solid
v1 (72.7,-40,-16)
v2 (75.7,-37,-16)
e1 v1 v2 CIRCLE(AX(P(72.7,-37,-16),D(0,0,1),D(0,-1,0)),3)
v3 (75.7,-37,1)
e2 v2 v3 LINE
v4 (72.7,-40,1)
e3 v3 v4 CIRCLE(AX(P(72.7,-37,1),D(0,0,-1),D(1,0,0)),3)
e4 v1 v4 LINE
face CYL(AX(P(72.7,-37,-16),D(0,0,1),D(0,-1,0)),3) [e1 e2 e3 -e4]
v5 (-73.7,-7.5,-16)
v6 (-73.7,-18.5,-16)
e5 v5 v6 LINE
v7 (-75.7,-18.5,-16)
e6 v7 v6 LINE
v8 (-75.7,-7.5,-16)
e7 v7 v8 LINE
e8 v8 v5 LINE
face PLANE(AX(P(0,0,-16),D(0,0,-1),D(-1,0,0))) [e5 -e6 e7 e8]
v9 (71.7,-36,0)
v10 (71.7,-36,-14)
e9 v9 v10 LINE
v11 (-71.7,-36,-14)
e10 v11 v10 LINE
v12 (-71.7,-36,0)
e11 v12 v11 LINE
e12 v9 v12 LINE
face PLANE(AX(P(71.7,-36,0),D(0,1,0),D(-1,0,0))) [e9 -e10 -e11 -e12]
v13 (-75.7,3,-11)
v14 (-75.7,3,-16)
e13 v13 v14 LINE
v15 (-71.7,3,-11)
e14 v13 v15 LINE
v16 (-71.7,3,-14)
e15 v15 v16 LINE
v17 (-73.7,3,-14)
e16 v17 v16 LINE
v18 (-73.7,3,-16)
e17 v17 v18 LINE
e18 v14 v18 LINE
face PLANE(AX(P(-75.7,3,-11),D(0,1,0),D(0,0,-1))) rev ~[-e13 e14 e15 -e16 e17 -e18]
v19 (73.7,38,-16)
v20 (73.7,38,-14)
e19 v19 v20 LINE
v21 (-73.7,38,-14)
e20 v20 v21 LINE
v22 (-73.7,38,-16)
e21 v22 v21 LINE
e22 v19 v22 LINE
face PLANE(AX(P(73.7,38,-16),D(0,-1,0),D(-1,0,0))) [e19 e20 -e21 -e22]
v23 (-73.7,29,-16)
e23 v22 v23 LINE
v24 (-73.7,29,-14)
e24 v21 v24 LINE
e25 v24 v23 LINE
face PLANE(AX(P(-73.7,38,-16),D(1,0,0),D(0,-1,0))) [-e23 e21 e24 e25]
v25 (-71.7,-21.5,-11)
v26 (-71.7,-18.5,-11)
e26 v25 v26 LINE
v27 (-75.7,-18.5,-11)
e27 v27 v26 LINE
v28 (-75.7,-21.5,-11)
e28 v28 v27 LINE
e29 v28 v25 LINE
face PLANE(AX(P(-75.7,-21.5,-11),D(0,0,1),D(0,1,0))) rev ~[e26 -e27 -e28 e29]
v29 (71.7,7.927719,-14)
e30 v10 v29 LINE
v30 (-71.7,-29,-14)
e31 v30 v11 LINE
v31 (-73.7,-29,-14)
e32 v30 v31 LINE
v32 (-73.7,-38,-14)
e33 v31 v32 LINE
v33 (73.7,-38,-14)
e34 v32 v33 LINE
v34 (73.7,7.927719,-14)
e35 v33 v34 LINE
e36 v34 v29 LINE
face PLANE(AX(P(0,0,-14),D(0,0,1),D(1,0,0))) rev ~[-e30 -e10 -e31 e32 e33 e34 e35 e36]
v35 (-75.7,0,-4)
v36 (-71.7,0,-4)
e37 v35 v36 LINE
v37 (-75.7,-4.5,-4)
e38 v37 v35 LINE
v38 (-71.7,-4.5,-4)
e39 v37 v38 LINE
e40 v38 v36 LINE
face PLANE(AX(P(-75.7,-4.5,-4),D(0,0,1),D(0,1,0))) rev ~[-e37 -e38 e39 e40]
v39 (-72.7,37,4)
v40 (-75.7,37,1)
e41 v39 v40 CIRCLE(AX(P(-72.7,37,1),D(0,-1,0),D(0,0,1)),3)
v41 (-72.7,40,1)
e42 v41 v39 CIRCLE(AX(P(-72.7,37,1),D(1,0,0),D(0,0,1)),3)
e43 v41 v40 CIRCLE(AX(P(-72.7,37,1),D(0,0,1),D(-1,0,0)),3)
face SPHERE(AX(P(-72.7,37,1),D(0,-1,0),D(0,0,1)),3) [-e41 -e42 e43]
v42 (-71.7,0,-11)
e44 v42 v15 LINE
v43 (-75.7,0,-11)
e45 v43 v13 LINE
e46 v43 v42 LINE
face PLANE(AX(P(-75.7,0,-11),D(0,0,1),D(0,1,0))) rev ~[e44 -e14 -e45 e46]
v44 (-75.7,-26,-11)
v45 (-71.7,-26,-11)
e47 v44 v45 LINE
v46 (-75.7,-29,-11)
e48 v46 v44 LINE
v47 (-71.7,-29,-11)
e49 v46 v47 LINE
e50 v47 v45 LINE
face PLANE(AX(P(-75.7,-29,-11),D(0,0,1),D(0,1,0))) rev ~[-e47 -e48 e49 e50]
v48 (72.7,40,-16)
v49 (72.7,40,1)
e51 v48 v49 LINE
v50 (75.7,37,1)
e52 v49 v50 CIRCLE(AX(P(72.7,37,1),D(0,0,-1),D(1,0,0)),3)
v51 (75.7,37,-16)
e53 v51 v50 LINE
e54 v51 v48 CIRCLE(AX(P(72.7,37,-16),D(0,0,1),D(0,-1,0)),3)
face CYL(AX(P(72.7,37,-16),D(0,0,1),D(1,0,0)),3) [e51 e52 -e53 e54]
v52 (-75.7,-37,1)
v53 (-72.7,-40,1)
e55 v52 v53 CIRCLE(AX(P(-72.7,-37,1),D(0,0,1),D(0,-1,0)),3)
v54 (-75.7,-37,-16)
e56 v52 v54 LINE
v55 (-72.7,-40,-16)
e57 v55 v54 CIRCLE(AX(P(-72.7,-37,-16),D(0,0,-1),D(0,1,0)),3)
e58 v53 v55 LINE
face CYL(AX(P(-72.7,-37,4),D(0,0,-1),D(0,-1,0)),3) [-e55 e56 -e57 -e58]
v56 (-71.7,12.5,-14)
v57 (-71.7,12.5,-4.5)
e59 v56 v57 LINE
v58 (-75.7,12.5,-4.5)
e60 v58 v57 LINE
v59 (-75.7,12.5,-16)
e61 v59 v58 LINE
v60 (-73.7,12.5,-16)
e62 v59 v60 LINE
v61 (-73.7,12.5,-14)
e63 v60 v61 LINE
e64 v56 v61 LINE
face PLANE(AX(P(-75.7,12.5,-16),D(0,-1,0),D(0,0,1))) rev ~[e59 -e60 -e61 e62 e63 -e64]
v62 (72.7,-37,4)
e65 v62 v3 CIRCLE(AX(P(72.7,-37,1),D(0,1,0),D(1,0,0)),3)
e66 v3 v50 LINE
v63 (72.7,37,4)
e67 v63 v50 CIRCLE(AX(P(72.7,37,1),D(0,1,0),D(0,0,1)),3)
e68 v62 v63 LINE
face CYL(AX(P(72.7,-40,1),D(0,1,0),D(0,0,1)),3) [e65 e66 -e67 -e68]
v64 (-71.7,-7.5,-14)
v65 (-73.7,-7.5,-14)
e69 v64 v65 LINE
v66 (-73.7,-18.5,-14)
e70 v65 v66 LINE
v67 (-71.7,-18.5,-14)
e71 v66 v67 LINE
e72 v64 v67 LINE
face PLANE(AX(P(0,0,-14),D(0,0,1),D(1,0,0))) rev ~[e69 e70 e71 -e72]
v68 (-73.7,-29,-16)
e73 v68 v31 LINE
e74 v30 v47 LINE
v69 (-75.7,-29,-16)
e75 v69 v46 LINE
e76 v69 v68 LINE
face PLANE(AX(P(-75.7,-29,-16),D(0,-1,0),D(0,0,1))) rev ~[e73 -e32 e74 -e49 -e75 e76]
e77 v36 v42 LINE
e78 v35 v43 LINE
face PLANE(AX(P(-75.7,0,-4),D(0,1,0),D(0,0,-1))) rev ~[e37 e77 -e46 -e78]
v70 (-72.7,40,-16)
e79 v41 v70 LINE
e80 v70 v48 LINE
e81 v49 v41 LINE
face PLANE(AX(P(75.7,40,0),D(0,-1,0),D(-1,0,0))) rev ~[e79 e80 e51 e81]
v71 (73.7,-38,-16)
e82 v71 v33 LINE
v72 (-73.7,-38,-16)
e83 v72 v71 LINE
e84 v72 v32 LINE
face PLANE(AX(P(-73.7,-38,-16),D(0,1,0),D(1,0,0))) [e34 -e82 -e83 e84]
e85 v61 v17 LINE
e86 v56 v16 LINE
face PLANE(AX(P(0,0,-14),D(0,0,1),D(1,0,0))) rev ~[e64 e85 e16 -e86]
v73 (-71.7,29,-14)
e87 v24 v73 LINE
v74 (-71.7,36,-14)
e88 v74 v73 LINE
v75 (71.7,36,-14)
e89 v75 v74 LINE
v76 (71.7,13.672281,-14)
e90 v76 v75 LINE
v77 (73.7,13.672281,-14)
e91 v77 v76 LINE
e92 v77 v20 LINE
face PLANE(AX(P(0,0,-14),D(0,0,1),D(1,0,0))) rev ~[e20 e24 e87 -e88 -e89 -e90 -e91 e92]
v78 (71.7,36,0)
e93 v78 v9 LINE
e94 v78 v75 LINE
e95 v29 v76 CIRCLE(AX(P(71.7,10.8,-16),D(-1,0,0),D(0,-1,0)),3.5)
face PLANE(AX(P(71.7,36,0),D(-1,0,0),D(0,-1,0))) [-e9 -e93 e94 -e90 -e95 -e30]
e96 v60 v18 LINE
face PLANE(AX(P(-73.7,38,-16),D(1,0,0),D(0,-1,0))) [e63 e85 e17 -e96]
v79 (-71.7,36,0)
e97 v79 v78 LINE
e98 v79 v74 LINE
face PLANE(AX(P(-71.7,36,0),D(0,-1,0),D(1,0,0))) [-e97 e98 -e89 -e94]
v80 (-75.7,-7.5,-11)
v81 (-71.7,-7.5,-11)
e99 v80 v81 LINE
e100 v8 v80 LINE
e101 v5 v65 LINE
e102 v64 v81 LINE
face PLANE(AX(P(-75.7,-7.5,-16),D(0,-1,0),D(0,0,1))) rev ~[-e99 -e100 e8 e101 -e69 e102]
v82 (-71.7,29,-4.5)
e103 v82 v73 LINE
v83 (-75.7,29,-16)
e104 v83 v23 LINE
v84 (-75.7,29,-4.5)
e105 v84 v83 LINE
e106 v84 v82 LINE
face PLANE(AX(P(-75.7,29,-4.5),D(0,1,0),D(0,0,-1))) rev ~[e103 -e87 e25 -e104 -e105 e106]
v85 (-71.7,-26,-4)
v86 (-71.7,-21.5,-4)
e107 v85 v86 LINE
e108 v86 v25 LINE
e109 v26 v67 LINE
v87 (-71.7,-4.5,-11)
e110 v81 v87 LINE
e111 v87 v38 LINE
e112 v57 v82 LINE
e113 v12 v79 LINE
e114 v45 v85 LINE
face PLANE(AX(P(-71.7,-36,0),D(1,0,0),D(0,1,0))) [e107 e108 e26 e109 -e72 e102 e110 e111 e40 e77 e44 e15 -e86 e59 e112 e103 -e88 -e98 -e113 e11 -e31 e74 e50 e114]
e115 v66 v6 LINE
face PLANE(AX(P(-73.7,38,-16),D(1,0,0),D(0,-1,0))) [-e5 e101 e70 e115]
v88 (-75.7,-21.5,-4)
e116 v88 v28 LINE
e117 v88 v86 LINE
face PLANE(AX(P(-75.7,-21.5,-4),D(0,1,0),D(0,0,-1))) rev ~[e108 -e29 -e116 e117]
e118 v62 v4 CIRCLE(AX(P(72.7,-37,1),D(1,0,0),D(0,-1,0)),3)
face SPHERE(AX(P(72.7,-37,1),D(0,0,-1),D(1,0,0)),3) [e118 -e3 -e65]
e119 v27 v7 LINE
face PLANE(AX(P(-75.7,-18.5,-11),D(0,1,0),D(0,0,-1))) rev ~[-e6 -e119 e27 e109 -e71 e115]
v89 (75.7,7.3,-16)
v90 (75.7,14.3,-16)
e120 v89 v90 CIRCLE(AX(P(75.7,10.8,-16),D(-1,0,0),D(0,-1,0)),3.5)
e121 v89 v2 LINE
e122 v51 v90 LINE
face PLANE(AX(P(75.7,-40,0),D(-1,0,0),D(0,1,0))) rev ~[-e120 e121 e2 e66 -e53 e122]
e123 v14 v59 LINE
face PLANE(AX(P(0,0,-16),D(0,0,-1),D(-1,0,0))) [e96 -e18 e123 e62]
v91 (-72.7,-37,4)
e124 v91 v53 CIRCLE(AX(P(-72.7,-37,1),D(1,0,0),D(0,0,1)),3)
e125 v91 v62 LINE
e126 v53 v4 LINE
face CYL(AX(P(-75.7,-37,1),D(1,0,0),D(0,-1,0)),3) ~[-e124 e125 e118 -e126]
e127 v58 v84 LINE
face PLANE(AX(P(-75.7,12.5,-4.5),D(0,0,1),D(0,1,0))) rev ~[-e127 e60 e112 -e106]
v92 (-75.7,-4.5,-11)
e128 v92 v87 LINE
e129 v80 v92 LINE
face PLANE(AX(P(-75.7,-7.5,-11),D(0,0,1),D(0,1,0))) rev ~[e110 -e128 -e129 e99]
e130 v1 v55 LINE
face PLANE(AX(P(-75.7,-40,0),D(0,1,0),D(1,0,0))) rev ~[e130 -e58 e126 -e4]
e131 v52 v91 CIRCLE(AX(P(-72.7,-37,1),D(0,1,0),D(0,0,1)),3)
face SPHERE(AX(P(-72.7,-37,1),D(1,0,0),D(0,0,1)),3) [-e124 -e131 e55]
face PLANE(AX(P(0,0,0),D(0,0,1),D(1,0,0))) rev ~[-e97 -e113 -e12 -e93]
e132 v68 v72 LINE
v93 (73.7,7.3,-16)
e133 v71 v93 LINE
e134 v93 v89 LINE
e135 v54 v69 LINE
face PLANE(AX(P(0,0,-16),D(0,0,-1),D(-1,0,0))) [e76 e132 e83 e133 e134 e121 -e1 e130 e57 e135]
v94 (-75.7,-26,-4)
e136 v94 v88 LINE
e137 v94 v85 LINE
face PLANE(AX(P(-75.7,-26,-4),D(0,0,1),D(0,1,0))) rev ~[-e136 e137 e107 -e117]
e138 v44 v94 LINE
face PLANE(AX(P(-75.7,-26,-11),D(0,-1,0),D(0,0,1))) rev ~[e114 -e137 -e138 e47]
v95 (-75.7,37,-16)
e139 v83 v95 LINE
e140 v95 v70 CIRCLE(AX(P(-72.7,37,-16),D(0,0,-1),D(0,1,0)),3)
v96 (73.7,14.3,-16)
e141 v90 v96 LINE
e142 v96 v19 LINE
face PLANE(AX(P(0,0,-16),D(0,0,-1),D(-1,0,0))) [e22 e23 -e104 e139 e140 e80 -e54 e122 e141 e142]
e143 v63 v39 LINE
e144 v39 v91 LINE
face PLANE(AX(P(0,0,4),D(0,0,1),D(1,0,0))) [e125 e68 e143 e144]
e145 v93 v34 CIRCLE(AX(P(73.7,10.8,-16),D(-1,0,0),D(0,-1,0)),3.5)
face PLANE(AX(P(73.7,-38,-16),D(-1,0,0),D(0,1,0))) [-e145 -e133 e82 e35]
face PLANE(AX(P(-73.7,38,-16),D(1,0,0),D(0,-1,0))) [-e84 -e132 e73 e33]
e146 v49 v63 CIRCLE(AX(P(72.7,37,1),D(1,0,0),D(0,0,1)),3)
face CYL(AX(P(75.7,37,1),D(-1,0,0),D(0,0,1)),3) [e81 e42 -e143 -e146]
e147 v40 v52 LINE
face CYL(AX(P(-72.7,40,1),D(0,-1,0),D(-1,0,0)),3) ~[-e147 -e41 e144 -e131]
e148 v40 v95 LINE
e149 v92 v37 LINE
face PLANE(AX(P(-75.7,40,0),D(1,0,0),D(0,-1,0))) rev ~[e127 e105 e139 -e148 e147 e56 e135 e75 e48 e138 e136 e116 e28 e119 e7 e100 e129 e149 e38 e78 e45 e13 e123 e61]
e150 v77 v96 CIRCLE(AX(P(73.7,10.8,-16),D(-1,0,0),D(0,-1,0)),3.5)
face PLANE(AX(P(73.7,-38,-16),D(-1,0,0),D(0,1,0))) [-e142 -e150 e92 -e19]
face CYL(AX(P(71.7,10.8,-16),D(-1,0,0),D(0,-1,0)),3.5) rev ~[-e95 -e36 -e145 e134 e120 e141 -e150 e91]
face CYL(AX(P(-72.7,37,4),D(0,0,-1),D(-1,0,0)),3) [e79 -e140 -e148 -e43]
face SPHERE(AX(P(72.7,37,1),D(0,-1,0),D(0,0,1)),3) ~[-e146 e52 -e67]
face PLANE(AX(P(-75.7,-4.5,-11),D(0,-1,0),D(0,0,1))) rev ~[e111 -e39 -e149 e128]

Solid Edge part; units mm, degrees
sketch "Sketch1" plane through (0, 0, 0) normal (0, 0, 1) x (1, 0, 0)
  line L0 (-75.7, -40) -> (75.7, -40)
  line L1 (75.7, -40) -> (75.7, 40)
  line L2 (75.7, 40) -> (-75.7, 40)
  line L3 (-75.7, 40) -> (-75.7, -40)
extrude "Protrusion1" add sketch "Sketch1" along normal blind 4
sketch "Sketch2" plane through (0, 0, 0) normal (0, 0, -1) x (1, 0, 0)
  line L0 (-75.7, -40) -> (75.7, -40)
  line L1 (75.7, -40) -> (75.7, 40)
  line L2 (75.7, 40) -> (-75.7, 40)
  line L3 (-75.7, 40) -> (-75.7, -40)
  line L4 (71.7, 36) -> (-71.7, 36)
  line L5 (-71.7, 36) -> (-71.7, -36)
  line L6 (-71.7, -36) -> (71.7, -36)
  line L7 (71.7, -36) -> (71.7, 36)
extrude "Protrusion2" add sketch "Sketch2" along normal blind 16
sketch "Sketch3" plane through (-75.7, 0, -6) normal (-1, 0, 0) x (0, -1, 0)
  line L0 (-3, -10) -> (7.5, -10)
  line L1 (7.5, -10) -> (7.5, -5)
  line L2 (7.5, -5) -> (4.5, -5)
  line L3 (4.5, -5) -> (4.5, 2)
  line L4 (4.5, 2) -> (0, 2)
  line L5 (0, 2) -> (0, -5)
  line L6 (0, -5) -> (-3, -5)
  line L7 (-3, -5) -> (-3, -10)
  line L8 (18.5, -10) -> (29, -10)
  line L9 (29, -10) -> (29, -5)
  line L10 (29, -5) -> (26, -5)
  line L11 (26, -5) -> (26, 2)
  line L12 (26, 2) -> (21.5, 2)
  line L13 (21.5, 2) -> (21.5, -5)
  line L14 (21.5, -5) -> (18.5, -5)
  line L15 (18.5, -5) -> (18.5, -10)
  line L16 (-29, -10) -> (-12.5, -10)
  line L17 (-12.5, -10) -> (-12.5, 1.5)
  line L18 (-12.5, 1.5) -> (-29, 1.5)
  line L19 (-29, 1.5) -> (-29, -10)
  dimension "D1" = 16.5
  dimension "D2" = 3
  dimension "D3" = 3
  dimension "D4" = 5
  dimension "D5" = 11.5
  dimension "D6" = 7
  dimension "D7" = 7
  dimension "D8" = 4.5
  dimension "D9" = 4.5
  dimension "D10" = 3
  dimension "D11" = 3
  dimension "D12" = 7
  dimension "D13" = 9.5
  dimension "D14" = 7
  dimension "D15" = 11
extrude "Cutout1" cut sketch "Sketch3" against normal up to next
sketch "Sketch4" plane through (71.7, 0, -8) normal (-1, 0, 0) x (0, -1, 0)
  circle A0 centre (-10.8, -8) radius 3.5
  dimension "D1" = 29.2
  dimension "D2" = 7
extrude "Cutout2" cut sketch "Sketch4" against normal up to next
sketch "Sketch5" plane through (0, 24.15, -16) normal (0, 0, -1) x (0, -1, 0)
  line L0 (-11.85, 71.7) -> (60.15, 71.7)
  line L1 (60.15, 71.7) -> (60.15, -71.7)
  line L2 (60.15, -71.7) -> (-11.85, -71.7)
  line L3 (-11.85, -71.7) -> (-11.85, 71.7)
  line L4 (-13.85, 73.7) -> (62.15, 73.7)
  line L5 (62.15, 73.7) -> (62.15, -73.7)
  line L6 (62.15, -73.7) -> (-13.85, -73.7)
  line L7 (-13.85, -73.7) -> (-13.85, 73.7)
  dimension "D1" = 2
extrude "ExtrudedCutout_3" cut sketch "Sketch5" against normal blind 2
fillet "Round_1" radius 3 8 edges at (75.7, -40, -6) (75.7, 0, 4) (0, -40, 4) (-75.7, 0, 4) (0, 40, 4) (-75.7, 40, -6) (-75.7, -40, -6) (75.7, 40, -6)
